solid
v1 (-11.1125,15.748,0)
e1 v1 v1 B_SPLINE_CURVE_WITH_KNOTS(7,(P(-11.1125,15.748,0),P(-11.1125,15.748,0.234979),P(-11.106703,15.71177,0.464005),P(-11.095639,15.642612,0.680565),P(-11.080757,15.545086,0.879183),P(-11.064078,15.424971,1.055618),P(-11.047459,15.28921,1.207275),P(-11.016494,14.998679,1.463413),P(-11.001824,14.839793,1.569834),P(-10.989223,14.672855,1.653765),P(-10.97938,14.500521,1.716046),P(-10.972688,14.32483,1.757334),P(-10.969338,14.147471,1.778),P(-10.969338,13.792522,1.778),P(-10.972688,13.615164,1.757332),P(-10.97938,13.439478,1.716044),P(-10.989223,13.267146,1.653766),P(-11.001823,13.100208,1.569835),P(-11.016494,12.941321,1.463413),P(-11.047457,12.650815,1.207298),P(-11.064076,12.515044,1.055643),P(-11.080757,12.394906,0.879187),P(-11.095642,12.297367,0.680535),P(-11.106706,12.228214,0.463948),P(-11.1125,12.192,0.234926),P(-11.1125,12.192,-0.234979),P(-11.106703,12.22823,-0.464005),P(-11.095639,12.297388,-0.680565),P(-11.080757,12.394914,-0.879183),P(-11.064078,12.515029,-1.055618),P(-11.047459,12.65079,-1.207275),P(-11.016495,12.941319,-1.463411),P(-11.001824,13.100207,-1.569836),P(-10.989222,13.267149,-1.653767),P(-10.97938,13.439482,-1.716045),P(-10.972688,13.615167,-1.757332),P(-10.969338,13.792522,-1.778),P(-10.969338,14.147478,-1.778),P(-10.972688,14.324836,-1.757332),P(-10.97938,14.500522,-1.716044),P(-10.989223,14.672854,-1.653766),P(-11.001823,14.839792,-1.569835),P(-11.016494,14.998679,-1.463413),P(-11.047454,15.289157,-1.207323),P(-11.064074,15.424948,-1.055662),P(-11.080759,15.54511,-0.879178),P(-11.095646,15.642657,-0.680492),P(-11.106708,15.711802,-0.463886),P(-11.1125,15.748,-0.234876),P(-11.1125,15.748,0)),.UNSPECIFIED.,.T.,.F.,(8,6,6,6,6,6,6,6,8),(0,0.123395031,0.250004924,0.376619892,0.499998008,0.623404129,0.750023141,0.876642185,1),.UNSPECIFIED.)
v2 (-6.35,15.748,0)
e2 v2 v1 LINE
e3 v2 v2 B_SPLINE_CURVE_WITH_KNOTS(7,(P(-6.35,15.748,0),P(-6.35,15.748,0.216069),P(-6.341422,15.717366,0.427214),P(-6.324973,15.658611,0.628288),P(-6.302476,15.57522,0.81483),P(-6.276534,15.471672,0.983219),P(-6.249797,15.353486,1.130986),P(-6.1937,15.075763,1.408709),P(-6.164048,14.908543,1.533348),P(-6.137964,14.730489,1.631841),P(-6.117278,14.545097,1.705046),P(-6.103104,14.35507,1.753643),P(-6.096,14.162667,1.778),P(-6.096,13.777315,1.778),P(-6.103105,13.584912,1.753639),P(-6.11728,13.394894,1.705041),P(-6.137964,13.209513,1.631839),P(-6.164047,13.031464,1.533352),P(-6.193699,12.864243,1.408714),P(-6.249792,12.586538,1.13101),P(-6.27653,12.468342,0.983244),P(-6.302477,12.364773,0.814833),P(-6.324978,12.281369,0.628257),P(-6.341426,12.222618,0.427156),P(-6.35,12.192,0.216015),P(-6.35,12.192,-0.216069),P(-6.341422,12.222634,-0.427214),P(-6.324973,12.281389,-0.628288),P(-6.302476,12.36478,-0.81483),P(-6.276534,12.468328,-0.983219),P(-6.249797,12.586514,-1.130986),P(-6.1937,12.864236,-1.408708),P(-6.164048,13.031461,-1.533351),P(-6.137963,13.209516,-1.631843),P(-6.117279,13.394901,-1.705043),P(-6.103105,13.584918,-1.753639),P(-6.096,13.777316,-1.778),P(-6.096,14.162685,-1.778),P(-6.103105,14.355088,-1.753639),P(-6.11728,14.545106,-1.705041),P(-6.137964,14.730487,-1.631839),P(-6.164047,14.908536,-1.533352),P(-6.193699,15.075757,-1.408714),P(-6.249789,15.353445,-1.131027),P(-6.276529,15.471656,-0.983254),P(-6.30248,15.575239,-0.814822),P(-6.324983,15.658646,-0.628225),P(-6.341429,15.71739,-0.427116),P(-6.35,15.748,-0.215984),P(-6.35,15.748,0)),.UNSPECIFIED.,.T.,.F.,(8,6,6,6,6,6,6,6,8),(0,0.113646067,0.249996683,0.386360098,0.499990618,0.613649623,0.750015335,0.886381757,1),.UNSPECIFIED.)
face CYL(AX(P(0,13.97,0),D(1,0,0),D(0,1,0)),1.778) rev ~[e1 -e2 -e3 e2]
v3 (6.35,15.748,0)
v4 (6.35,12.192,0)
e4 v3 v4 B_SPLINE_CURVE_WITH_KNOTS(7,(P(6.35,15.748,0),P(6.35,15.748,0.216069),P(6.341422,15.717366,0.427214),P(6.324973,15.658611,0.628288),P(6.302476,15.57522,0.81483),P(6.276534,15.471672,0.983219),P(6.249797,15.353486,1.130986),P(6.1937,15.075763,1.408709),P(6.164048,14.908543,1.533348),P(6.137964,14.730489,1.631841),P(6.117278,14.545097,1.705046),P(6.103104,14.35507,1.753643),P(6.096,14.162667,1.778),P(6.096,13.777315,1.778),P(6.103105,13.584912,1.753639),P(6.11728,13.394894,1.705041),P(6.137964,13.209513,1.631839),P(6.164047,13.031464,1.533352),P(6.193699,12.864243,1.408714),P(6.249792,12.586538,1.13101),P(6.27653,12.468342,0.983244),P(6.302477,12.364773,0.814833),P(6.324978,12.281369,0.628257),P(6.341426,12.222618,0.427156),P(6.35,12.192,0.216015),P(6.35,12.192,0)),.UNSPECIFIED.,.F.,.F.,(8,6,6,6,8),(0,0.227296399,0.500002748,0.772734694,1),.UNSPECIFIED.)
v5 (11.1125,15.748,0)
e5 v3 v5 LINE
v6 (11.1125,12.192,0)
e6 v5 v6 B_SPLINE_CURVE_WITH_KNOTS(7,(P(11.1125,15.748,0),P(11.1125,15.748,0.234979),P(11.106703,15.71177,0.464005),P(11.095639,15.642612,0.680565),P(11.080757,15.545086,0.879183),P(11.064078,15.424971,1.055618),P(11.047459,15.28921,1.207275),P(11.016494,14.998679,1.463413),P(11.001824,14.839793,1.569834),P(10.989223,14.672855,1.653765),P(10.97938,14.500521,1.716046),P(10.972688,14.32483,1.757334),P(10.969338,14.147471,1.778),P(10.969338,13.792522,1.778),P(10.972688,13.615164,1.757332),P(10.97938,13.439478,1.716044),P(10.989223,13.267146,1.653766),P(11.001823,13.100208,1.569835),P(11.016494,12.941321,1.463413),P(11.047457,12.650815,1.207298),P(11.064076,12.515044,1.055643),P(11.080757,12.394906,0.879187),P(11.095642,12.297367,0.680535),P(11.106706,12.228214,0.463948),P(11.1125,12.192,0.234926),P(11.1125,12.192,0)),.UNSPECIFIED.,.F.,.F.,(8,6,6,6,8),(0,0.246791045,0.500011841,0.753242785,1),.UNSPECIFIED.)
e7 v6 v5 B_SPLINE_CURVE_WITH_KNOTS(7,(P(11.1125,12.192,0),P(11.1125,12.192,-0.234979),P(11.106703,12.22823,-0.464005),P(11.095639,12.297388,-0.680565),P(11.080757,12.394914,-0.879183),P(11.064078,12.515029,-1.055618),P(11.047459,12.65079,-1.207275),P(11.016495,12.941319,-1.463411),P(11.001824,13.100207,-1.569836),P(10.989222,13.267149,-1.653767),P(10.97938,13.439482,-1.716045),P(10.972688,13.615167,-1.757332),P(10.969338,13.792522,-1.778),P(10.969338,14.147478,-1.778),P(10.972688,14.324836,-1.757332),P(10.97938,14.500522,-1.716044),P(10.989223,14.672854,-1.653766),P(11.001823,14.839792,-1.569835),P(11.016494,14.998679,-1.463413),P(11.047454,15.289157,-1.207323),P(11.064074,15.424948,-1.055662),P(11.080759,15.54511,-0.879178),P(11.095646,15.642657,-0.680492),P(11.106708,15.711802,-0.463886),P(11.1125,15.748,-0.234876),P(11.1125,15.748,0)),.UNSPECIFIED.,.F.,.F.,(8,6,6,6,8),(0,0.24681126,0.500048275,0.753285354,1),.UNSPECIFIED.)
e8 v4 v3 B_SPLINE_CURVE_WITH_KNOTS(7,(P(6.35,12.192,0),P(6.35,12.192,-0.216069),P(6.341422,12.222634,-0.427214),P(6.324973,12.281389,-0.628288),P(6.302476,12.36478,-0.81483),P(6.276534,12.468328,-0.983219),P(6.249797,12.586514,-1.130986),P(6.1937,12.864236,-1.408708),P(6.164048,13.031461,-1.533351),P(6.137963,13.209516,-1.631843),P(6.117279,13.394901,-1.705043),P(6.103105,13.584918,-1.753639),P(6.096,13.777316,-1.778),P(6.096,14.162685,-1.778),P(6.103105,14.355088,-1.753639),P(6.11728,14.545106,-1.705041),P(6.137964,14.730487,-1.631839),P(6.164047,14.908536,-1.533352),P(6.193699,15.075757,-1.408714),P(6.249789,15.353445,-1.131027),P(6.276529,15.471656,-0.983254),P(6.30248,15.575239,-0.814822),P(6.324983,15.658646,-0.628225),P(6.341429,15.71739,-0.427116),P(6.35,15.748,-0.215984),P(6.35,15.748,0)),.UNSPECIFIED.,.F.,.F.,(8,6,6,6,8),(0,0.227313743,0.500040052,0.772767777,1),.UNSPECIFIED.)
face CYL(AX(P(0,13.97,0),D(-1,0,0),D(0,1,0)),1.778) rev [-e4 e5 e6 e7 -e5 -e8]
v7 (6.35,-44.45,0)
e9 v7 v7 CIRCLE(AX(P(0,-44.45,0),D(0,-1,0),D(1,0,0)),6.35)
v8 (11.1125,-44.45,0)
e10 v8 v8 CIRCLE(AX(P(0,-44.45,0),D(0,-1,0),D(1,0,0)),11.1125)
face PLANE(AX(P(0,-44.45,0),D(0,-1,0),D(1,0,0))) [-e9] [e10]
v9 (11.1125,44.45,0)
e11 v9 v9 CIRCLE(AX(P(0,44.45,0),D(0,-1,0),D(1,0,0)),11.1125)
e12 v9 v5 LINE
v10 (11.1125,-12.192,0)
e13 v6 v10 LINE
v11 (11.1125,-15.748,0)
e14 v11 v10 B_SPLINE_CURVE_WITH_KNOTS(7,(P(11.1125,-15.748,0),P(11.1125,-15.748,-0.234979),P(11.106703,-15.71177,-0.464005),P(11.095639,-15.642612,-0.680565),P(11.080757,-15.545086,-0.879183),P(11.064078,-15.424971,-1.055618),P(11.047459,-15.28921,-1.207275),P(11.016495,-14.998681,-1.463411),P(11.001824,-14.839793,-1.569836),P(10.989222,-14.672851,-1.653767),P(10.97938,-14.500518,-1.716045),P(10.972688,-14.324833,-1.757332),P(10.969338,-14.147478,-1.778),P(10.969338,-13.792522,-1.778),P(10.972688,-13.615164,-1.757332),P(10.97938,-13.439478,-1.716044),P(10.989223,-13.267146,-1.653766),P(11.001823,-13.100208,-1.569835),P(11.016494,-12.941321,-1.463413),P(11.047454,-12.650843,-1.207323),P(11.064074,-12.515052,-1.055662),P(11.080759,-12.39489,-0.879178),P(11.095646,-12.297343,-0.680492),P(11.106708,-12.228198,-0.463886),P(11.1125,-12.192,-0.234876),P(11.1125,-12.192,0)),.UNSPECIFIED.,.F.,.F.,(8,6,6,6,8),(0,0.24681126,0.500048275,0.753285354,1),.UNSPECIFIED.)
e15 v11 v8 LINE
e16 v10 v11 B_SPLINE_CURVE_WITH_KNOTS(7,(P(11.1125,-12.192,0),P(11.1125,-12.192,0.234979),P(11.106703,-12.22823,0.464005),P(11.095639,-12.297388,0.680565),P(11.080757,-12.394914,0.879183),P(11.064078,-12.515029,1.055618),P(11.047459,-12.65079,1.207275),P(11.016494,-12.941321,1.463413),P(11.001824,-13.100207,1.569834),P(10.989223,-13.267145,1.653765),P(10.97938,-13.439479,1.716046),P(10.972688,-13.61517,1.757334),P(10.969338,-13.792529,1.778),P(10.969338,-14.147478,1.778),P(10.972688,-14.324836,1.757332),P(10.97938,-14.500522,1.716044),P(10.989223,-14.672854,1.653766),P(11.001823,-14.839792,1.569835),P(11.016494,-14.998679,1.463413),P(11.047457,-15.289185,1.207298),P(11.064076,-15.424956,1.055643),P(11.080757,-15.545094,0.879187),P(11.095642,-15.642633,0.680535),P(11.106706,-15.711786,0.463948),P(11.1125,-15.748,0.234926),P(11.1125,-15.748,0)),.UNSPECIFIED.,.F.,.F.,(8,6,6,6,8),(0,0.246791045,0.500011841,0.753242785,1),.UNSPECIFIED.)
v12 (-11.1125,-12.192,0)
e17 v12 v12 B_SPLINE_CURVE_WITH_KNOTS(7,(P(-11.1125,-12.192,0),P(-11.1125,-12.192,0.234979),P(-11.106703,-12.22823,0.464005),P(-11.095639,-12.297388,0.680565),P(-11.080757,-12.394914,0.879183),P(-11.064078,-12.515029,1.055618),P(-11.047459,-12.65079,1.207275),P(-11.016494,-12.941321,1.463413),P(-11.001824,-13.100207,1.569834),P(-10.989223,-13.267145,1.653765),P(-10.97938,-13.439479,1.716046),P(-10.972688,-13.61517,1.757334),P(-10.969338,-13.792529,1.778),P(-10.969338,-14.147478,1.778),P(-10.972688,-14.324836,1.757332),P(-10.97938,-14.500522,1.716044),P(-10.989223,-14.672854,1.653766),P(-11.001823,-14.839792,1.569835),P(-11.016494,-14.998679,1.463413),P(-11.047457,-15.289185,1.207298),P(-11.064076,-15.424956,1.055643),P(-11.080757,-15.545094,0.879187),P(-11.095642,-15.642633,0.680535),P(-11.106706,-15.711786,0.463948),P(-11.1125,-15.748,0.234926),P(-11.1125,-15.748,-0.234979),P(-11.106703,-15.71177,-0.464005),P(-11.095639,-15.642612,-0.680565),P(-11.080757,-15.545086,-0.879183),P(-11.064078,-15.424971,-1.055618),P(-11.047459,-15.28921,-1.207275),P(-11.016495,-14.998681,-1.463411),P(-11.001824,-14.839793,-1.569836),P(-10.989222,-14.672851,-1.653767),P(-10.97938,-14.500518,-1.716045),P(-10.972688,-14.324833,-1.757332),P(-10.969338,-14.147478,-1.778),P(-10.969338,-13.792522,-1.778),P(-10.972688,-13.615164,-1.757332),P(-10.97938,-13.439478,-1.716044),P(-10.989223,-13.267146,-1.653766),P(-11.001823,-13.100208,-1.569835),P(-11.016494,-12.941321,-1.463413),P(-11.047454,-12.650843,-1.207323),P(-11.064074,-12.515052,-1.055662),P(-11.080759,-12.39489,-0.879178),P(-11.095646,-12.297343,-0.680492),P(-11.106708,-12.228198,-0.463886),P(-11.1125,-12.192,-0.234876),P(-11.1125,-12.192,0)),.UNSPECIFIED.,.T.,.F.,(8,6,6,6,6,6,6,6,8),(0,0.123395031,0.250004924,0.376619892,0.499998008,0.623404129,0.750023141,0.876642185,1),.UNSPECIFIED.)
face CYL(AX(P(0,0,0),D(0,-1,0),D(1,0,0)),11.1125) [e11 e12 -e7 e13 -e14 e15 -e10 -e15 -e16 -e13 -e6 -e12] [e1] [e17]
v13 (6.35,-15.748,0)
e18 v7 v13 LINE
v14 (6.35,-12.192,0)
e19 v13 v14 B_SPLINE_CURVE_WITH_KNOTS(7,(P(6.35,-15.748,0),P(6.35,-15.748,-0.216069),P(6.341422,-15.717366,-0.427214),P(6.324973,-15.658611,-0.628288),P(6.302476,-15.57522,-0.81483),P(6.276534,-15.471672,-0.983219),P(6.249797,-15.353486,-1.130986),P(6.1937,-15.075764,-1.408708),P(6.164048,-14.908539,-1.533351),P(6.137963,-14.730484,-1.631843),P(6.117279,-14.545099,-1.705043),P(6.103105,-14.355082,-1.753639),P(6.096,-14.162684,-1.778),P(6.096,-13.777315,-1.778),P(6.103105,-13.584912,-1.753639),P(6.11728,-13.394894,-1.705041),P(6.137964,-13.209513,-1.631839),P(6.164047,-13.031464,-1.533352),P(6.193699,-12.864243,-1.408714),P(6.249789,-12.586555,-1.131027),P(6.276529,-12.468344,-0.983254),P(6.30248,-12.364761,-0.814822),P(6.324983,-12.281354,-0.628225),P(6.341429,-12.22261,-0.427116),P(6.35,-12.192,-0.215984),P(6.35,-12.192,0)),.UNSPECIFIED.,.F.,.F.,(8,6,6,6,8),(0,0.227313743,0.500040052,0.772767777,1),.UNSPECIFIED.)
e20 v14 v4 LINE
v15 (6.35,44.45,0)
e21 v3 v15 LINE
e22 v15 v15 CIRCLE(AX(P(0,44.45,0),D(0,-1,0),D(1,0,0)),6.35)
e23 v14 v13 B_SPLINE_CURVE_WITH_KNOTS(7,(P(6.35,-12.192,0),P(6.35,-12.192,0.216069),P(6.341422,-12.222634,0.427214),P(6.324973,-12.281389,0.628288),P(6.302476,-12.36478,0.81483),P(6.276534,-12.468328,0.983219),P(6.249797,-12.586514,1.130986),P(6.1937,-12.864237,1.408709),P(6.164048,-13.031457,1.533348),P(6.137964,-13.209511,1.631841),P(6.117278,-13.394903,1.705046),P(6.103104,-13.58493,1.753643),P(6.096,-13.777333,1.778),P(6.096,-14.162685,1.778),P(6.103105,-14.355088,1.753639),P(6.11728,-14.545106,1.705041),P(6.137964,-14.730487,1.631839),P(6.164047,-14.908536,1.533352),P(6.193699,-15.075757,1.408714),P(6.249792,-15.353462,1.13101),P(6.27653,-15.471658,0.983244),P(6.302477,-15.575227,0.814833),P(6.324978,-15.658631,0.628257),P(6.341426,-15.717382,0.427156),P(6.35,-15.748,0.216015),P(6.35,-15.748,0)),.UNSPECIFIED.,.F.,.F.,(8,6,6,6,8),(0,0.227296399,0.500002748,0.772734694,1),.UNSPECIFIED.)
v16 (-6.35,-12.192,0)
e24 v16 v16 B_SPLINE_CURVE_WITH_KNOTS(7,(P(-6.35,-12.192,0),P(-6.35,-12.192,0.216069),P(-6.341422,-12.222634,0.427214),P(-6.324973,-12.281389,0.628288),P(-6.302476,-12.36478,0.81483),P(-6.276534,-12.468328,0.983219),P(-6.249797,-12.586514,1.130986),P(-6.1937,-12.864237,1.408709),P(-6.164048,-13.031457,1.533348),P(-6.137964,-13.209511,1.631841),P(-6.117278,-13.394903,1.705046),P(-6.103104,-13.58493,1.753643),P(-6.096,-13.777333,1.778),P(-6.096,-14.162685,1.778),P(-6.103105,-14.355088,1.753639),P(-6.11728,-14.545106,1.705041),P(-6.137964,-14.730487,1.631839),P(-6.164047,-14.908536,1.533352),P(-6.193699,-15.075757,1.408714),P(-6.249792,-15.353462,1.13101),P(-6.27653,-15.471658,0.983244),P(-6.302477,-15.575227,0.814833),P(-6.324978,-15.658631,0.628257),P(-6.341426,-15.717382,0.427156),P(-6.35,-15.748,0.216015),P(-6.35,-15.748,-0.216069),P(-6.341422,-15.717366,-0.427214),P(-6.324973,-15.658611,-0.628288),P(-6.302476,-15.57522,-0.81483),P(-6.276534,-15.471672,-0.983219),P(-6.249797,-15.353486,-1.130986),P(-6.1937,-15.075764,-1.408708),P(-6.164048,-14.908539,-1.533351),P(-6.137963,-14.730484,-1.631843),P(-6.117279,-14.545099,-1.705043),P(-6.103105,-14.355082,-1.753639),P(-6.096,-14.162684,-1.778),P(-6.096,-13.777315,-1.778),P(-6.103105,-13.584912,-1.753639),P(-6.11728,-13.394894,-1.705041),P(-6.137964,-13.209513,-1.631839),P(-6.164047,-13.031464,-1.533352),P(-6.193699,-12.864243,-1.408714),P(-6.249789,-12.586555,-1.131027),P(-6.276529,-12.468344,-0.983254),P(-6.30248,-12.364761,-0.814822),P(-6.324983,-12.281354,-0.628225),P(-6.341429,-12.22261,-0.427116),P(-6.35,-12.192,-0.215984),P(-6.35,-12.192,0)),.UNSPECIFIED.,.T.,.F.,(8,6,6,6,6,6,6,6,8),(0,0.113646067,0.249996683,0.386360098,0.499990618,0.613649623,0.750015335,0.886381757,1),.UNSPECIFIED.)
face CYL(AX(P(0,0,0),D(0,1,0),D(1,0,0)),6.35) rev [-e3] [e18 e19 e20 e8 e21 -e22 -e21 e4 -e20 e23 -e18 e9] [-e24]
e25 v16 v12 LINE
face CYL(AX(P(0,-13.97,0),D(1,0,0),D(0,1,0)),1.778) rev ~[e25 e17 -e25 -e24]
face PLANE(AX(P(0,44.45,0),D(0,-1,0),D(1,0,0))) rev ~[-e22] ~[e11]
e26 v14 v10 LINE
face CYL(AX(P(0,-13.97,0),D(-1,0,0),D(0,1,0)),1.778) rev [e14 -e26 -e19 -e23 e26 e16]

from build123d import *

# Parameters (mm, degrees)
F0_R          = 11.1125
F0_R_2        = 6.35
F1_DEPTH      = 44.45
F2_R          = 1.778
F3_DEPTH      = 11.1135
F3_DEPTH_BACK = 11.1135


with BuildPart() as f1:
    # F0 (on Front) → F1 (new body, symmetric)
    with BuildSketch(Plane.XZ):
        Circle(F0_R)
        Circle(F0_R_2, mode=Mode.SUBTRACT)
    extrude(amount=F1_DEPTH, both=True)

    # F2 (on Right) → F3 (cut, two sides)
    with BuildSketch(Plane.YZ) as f3_sk:
        with Locations((13.97, 0)):
            Circle(F2_R)
        with Locations((-13.97, 0)):
            Circle(F2_R)
    extrude(amount=-F3_DEPTH, mode=Mode.SUBTRACT)
    extrude(f3_sk.sketch, amount=F3_DEPTH_BACK, mode=Mode.SUBTRACT)


solid = f1.part
